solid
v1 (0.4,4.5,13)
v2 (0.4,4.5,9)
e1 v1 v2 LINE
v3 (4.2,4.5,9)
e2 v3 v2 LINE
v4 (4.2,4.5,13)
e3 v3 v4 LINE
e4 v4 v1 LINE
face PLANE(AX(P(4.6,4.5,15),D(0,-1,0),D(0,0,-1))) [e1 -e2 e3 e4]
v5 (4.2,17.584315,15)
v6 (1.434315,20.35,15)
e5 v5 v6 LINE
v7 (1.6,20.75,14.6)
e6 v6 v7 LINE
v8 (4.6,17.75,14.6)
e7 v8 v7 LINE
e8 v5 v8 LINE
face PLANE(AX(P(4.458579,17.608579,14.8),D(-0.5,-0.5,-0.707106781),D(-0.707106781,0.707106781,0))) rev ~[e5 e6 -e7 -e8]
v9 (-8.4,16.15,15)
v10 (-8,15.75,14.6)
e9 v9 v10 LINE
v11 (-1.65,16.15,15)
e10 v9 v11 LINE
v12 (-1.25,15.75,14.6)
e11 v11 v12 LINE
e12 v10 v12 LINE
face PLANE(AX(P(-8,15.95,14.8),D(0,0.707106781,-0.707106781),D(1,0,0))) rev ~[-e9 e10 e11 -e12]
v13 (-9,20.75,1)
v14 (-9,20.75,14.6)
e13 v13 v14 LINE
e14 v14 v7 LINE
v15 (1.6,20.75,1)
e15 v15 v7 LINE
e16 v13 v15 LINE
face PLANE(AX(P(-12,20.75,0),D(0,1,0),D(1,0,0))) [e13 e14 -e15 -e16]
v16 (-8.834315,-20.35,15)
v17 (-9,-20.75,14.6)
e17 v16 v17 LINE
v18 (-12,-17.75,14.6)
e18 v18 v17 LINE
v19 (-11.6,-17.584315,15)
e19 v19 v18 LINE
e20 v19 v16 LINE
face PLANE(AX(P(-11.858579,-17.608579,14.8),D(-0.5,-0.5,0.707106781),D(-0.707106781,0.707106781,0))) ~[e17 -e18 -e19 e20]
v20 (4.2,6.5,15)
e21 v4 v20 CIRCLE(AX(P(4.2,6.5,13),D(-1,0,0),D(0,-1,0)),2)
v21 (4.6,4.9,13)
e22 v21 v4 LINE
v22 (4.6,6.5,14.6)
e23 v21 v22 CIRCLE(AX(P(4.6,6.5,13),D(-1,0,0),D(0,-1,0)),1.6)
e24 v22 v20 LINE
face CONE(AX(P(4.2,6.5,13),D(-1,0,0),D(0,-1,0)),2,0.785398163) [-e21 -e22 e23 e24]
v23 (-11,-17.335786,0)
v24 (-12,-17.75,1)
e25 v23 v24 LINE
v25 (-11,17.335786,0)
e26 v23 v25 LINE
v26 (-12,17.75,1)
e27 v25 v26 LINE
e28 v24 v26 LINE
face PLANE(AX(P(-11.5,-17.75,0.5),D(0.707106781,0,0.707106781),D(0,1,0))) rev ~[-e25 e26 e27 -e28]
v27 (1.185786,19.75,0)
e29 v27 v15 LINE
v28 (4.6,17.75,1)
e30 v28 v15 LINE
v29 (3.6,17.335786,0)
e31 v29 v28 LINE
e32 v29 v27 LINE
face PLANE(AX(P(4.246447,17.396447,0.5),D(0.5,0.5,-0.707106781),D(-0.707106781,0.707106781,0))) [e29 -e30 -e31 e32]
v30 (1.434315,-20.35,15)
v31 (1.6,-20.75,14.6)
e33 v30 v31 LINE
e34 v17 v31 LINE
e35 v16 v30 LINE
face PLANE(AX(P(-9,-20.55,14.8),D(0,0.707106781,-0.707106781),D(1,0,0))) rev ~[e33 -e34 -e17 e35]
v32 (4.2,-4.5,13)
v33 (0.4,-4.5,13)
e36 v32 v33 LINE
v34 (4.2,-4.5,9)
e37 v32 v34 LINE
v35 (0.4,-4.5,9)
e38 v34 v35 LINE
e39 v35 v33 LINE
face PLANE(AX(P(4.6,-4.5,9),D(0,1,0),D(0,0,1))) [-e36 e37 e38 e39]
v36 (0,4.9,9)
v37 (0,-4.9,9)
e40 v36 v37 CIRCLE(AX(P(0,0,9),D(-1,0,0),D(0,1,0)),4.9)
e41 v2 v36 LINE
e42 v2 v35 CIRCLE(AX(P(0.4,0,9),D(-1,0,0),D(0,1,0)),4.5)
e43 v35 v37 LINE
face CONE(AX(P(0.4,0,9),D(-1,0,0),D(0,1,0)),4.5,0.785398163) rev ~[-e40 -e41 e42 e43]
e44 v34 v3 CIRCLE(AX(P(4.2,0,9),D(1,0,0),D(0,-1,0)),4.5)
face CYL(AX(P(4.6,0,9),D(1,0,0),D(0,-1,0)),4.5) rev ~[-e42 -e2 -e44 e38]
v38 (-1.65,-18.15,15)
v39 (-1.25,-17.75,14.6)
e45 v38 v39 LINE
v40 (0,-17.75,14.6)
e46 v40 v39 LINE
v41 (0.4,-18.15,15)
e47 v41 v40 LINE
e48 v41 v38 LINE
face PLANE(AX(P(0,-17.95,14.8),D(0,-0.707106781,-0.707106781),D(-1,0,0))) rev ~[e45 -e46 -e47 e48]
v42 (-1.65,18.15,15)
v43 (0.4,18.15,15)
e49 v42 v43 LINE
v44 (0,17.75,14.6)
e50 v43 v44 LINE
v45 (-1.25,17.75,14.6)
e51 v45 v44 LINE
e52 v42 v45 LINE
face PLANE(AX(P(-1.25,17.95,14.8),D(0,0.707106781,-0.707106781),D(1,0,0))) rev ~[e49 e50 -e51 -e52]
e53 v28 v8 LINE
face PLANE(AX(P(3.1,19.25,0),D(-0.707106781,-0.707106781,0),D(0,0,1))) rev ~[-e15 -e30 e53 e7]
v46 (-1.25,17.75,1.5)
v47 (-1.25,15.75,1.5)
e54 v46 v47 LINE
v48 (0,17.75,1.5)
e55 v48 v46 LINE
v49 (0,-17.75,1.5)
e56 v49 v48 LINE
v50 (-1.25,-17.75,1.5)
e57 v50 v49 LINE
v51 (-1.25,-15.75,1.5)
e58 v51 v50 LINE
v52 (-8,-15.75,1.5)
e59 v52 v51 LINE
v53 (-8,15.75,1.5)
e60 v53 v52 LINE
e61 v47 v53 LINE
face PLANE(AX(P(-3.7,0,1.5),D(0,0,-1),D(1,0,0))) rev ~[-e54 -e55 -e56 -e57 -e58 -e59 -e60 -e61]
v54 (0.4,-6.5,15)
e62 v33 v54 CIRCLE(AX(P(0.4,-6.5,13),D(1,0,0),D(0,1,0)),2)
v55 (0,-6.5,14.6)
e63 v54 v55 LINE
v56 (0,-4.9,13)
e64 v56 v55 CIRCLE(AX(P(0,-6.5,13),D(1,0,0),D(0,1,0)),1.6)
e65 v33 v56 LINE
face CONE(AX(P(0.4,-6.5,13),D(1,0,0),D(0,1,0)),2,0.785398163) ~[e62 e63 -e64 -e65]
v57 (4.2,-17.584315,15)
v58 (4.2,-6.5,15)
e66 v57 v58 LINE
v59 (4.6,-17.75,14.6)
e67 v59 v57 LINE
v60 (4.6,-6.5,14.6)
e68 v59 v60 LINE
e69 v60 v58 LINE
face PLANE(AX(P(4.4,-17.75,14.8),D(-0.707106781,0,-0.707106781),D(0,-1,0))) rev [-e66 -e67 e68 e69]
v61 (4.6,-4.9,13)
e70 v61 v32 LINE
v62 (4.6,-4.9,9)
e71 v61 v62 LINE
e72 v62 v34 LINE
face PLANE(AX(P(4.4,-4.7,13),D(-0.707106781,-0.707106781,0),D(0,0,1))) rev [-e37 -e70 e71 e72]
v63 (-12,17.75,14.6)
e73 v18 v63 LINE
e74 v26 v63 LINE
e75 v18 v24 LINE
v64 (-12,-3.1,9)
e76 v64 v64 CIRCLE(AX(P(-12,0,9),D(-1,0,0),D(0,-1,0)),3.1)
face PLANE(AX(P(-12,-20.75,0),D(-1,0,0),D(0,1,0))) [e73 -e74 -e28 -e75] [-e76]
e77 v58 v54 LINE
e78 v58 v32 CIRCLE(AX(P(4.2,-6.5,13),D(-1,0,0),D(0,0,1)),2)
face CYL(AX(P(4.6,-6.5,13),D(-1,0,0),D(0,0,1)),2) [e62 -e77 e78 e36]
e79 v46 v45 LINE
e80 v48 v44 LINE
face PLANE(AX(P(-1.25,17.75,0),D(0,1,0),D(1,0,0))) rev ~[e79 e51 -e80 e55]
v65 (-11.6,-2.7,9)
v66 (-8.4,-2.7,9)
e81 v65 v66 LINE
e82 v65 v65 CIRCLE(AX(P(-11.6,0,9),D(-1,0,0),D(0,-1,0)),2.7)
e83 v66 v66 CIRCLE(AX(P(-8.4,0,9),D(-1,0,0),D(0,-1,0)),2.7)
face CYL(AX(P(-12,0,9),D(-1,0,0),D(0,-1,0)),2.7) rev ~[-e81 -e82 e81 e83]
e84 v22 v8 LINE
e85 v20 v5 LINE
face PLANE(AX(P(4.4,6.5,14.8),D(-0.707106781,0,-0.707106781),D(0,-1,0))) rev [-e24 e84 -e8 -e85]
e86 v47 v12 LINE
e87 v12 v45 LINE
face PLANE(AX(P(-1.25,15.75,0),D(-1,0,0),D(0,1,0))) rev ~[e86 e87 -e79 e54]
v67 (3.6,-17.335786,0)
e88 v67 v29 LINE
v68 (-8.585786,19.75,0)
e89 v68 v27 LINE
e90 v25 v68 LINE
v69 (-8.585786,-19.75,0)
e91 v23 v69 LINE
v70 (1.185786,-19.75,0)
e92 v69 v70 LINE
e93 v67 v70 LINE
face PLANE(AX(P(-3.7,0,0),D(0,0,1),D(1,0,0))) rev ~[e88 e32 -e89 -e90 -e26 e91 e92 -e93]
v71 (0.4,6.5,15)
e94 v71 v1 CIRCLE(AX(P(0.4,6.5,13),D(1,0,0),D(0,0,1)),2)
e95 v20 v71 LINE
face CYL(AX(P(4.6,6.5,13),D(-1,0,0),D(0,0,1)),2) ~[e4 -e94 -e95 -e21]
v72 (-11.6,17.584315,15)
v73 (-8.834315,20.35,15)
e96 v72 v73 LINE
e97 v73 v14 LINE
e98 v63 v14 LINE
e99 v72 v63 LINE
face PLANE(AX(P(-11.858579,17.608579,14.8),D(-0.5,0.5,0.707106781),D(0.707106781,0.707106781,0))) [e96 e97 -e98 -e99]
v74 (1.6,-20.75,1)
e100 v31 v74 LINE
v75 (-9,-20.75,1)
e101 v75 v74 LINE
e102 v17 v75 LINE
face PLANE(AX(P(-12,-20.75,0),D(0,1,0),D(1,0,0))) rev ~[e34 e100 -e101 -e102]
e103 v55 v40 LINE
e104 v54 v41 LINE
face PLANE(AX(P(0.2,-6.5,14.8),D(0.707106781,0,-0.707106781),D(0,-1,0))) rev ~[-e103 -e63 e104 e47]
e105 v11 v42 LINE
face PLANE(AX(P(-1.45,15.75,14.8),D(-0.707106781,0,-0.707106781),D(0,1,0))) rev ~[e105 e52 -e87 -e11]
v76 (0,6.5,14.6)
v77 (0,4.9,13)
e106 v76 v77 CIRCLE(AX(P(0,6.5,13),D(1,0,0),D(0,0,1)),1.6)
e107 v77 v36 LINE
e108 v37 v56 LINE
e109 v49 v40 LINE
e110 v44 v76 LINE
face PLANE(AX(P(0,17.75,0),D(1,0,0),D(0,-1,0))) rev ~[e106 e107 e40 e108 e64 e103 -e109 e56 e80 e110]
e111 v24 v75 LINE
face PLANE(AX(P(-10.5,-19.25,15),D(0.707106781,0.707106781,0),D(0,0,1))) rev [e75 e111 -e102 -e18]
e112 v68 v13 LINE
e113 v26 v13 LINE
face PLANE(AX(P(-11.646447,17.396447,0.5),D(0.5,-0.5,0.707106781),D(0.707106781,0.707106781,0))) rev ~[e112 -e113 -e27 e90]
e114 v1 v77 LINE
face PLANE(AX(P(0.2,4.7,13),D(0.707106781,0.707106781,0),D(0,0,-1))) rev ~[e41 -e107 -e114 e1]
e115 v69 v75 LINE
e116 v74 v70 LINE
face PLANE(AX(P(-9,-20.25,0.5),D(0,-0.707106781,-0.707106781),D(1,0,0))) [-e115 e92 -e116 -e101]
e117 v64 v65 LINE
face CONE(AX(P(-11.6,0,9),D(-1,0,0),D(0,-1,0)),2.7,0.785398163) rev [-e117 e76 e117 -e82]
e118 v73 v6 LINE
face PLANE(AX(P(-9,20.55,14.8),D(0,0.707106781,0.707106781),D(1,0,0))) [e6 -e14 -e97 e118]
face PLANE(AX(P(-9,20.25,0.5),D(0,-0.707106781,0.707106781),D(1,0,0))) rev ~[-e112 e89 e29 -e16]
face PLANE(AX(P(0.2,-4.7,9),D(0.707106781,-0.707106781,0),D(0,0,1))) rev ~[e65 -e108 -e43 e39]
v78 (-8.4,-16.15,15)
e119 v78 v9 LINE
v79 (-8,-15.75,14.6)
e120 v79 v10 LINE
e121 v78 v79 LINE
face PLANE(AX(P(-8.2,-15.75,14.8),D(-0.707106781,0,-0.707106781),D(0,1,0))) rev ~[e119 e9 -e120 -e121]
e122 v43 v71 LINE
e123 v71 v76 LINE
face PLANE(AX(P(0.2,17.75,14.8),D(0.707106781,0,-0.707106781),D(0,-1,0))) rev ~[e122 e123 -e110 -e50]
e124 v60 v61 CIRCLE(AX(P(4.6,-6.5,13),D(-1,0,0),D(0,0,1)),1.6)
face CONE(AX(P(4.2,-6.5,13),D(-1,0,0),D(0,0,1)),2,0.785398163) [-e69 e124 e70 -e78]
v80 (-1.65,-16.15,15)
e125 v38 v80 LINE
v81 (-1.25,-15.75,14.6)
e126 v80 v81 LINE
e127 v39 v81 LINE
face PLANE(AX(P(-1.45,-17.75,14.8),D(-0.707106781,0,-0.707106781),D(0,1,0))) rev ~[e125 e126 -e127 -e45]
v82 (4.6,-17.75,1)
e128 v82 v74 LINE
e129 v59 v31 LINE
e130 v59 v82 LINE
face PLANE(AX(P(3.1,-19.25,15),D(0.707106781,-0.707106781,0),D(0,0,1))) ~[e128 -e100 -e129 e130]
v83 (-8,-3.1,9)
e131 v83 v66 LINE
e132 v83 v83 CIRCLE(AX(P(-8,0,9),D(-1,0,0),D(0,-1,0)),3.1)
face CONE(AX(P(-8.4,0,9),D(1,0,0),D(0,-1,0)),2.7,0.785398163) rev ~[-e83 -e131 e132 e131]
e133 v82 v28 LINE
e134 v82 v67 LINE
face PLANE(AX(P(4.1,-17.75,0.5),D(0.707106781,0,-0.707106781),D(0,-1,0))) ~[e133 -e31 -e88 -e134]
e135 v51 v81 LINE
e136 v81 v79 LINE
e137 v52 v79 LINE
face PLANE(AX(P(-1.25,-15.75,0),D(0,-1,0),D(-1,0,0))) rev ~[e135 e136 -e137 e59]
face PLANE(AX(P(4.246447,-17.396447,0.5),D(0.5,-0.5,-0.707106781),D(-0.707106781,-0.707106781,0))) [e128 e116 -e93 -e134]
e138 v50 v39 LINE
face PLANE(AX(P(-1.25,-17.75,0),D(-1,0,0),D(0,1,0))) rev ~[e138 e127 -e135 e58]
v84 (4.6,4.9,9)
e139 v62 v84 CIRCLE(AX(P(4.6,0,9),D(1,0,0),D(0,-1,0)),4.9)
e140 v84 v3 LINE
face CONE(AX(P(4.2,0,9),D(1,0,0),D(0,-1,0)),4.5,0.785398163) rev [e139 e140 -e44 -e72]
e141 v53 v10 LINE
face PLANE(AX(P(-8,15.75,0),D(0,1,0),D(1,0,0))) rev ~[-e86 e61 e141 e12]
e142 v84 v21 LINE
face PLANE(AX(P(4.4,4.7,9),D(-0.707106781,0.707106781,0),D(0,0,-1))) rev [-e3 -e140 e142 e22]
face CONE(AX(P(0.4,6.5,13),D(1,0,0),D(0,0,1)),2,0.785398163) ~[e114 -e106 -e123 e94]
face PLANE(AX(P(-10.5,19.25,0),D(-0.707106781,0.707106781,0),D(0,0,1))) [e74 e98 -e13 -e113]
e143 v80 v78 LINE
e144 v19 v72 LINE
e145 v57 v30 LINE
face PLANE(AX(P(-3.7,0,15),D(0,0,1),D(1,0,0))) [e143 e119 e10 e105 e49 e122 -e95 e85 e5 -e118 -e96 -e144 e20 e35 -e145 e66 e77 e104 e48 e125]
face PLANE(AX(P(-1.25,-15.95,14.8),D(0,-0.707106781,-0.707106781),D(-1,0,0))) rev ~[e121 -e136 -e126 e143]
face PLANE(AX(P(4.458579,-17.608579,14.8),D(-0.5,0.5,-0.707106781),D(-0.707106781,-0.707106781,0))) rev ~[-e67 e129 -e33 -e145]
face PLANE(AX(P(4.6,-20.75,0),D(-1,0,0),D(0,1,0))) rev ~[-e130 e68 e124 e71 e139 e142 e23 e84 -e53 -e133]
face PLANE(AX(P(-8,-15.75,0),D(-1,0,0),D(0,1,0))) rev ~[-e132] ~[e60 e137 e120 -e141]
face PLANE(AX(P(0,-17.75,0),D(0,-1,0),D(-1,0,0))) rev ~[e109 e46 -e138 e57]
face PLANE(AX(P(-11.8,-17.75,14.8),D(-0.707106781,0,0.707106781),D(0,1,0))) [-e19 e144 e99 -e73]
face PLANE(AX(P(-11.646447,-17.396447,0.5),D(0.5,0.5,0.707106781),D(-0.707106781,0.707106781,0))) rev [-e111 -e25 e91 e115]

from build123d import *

# Parameters (mm, degrees)
SKETCH_W        = 16.6
SKETCH_H        = 41.5
PAD_DEPTH       = 15
SKETCH001_R     = 2.7
POCKET_DEPTH    = 4
POCKET001_DEPTH = 4.6
FILLET_R        = 2
SKETCH003_W     = 16.6
SKETCH003_H     = 41.5
PAD001_DEPTH    = 1.5
CHAMFER_SIZE    = 3
CHAMFER001_SIZE = 1
CHAMFER002_SIZE = 0.4


with BuildPart() as part:
    # Sketch → Pad (new body)
    with BuildSketch(Plane.XY):
        with Locations((-3.7, 0)):
            Rectangle(SKETCH_W, SKETCH_H)
        Polygon((0, 17.75), (0, -17.75), (-1.25, -17.75), (-1.25, -15.75), (-8, -15.75), (-8, 15.75), (-1.25, 15.75), (-1.25, 17.75), align=None, mode=Mode.SUBTRACT)
    extrude(amount=PAD_DEPTH)

    # Sketch001 (on Face4 of Pad) → Pocket (cut)
    with BuildSketch(Plane(origin=(-12, 0, 0), x_dir=(0, -1, 0), z_dir=(-1, 0, 0))):
        with Locations((0, 9)):
            Circle(SKETCH001_R)
    extrude(amount=-POCKET_DEPTH, mode=Mode.SUBTRACT)

    # Sketch002 (on Face3 of Pocket) → Pocket001 (cut)
    with BuildSketch(Plane.YZ.offset(4.6)):
        with BuildLine():
            ThreePointArc((-4.5, 9), (0, 4.5), (4.5, 9))
            Line((4.5, 15), (4.5, 9))
            Line((-4.5, 15), (4.5, 15))
            Line((-4.5, 9), (-4.5, 15))
        make_face()
    extrude(amount=-POCKET001_DEPTH, mode=Mode.SUBTRACT)

    # Fillet
    fillet_edges = [part.edges().sort_by_distance(p)[0] for p in [
        (2.3, -4.5, 15),
        (2.3, 4.5, 15),
    ]]
    fillet(fillet_edges, radius=FILLET_R)

    # Sketch003 (on Face6 of Fillet) → Pad001 (join)
    with BuildSketch(Plane(origin=(0, 0, 0), x_dir=(1, 0, 0), z_dir=(0, 0, -1))):
        with Locations((-3.7, 0)):
            Rectangle(SKETCH003_W, SKETCH003_H)
    extrude(amount=-PAD001_DEPTH)

    # Chamfer
    chamfer_edges = [part.edges().sort_by_distance(p)[0] for p in [
        (-12, 20.75, 7.5),
        (-12, -20.75, 7.5),
        (4.6, -20.75, 7.5),
        (4.6, 20.75, 7.5),
    ]]
    chamfer(chamfer_edges, length=CHAMFER_SIZE)

    # Chamfer001
    chamfer001_edges = [part.edges().sort_by_distance(p)[0] for p in [
        (-3.7, 20.75, 0),
        (-10.5, 19.25, 0),
        (3.1, 19.25, 0),
        (-12, 0, 0),
        (4.6, 0, 0),
        (-10.5, -19.25, 0),
        (3.1, -19.25, 0),
        (-3.7, -20.75, 0),
    ]]
    chamfer(chamfer001_edges, length=CHAMFER001_SIZE)

    # Chamfer002
    chamfer002_edges = [part.edges().sort_by_distance(p)[0] for p in [
        (-4.625, 15.75, 15),
        (-8, 0, 15),
        (-1.25, 16.75, 15),
        (-0.625, 17.75, 15),
        (0, 12.125, 15),
        (0, 5.085786, 14.414214),
        (0, 4.5, 11),
        (0, 0, 4.5),
        (0, -4.5, 11),
        (0, -5.085786, 14.414214),
        (0, -12.125, 15),
        (-0.625, -17.75, 15),
        (-1.25, -16.75, 15),
        (-4.625, -15.75, 15),
        (-12, 0, 15),
        (-10.5, 19.25, 15),
        (-3.7, 20.75, 15),
        (3.1, 19.25, 15),
        (4.6, 12.125, 15),
        (-10.5, -19.25, 15),
        (-3.7, -20.75, 15),
        (3.1, -19.25, 15),
        (4.6, -12.125, 15),
        (-12, 2.7, 9),
        (4.6, 5.085786, 14.414214),
        (4.6, 4.5, 11),
        (4.6, 0, 4.5),
        (4.6, -4.5, 11),
        (4.6, -5.085786, 14.414214),
        (-8, 2.7, 9),
    ]]
    chamfer(chamfer002_edges, length=CHAMFER002_SIZE)


solid = part.part
